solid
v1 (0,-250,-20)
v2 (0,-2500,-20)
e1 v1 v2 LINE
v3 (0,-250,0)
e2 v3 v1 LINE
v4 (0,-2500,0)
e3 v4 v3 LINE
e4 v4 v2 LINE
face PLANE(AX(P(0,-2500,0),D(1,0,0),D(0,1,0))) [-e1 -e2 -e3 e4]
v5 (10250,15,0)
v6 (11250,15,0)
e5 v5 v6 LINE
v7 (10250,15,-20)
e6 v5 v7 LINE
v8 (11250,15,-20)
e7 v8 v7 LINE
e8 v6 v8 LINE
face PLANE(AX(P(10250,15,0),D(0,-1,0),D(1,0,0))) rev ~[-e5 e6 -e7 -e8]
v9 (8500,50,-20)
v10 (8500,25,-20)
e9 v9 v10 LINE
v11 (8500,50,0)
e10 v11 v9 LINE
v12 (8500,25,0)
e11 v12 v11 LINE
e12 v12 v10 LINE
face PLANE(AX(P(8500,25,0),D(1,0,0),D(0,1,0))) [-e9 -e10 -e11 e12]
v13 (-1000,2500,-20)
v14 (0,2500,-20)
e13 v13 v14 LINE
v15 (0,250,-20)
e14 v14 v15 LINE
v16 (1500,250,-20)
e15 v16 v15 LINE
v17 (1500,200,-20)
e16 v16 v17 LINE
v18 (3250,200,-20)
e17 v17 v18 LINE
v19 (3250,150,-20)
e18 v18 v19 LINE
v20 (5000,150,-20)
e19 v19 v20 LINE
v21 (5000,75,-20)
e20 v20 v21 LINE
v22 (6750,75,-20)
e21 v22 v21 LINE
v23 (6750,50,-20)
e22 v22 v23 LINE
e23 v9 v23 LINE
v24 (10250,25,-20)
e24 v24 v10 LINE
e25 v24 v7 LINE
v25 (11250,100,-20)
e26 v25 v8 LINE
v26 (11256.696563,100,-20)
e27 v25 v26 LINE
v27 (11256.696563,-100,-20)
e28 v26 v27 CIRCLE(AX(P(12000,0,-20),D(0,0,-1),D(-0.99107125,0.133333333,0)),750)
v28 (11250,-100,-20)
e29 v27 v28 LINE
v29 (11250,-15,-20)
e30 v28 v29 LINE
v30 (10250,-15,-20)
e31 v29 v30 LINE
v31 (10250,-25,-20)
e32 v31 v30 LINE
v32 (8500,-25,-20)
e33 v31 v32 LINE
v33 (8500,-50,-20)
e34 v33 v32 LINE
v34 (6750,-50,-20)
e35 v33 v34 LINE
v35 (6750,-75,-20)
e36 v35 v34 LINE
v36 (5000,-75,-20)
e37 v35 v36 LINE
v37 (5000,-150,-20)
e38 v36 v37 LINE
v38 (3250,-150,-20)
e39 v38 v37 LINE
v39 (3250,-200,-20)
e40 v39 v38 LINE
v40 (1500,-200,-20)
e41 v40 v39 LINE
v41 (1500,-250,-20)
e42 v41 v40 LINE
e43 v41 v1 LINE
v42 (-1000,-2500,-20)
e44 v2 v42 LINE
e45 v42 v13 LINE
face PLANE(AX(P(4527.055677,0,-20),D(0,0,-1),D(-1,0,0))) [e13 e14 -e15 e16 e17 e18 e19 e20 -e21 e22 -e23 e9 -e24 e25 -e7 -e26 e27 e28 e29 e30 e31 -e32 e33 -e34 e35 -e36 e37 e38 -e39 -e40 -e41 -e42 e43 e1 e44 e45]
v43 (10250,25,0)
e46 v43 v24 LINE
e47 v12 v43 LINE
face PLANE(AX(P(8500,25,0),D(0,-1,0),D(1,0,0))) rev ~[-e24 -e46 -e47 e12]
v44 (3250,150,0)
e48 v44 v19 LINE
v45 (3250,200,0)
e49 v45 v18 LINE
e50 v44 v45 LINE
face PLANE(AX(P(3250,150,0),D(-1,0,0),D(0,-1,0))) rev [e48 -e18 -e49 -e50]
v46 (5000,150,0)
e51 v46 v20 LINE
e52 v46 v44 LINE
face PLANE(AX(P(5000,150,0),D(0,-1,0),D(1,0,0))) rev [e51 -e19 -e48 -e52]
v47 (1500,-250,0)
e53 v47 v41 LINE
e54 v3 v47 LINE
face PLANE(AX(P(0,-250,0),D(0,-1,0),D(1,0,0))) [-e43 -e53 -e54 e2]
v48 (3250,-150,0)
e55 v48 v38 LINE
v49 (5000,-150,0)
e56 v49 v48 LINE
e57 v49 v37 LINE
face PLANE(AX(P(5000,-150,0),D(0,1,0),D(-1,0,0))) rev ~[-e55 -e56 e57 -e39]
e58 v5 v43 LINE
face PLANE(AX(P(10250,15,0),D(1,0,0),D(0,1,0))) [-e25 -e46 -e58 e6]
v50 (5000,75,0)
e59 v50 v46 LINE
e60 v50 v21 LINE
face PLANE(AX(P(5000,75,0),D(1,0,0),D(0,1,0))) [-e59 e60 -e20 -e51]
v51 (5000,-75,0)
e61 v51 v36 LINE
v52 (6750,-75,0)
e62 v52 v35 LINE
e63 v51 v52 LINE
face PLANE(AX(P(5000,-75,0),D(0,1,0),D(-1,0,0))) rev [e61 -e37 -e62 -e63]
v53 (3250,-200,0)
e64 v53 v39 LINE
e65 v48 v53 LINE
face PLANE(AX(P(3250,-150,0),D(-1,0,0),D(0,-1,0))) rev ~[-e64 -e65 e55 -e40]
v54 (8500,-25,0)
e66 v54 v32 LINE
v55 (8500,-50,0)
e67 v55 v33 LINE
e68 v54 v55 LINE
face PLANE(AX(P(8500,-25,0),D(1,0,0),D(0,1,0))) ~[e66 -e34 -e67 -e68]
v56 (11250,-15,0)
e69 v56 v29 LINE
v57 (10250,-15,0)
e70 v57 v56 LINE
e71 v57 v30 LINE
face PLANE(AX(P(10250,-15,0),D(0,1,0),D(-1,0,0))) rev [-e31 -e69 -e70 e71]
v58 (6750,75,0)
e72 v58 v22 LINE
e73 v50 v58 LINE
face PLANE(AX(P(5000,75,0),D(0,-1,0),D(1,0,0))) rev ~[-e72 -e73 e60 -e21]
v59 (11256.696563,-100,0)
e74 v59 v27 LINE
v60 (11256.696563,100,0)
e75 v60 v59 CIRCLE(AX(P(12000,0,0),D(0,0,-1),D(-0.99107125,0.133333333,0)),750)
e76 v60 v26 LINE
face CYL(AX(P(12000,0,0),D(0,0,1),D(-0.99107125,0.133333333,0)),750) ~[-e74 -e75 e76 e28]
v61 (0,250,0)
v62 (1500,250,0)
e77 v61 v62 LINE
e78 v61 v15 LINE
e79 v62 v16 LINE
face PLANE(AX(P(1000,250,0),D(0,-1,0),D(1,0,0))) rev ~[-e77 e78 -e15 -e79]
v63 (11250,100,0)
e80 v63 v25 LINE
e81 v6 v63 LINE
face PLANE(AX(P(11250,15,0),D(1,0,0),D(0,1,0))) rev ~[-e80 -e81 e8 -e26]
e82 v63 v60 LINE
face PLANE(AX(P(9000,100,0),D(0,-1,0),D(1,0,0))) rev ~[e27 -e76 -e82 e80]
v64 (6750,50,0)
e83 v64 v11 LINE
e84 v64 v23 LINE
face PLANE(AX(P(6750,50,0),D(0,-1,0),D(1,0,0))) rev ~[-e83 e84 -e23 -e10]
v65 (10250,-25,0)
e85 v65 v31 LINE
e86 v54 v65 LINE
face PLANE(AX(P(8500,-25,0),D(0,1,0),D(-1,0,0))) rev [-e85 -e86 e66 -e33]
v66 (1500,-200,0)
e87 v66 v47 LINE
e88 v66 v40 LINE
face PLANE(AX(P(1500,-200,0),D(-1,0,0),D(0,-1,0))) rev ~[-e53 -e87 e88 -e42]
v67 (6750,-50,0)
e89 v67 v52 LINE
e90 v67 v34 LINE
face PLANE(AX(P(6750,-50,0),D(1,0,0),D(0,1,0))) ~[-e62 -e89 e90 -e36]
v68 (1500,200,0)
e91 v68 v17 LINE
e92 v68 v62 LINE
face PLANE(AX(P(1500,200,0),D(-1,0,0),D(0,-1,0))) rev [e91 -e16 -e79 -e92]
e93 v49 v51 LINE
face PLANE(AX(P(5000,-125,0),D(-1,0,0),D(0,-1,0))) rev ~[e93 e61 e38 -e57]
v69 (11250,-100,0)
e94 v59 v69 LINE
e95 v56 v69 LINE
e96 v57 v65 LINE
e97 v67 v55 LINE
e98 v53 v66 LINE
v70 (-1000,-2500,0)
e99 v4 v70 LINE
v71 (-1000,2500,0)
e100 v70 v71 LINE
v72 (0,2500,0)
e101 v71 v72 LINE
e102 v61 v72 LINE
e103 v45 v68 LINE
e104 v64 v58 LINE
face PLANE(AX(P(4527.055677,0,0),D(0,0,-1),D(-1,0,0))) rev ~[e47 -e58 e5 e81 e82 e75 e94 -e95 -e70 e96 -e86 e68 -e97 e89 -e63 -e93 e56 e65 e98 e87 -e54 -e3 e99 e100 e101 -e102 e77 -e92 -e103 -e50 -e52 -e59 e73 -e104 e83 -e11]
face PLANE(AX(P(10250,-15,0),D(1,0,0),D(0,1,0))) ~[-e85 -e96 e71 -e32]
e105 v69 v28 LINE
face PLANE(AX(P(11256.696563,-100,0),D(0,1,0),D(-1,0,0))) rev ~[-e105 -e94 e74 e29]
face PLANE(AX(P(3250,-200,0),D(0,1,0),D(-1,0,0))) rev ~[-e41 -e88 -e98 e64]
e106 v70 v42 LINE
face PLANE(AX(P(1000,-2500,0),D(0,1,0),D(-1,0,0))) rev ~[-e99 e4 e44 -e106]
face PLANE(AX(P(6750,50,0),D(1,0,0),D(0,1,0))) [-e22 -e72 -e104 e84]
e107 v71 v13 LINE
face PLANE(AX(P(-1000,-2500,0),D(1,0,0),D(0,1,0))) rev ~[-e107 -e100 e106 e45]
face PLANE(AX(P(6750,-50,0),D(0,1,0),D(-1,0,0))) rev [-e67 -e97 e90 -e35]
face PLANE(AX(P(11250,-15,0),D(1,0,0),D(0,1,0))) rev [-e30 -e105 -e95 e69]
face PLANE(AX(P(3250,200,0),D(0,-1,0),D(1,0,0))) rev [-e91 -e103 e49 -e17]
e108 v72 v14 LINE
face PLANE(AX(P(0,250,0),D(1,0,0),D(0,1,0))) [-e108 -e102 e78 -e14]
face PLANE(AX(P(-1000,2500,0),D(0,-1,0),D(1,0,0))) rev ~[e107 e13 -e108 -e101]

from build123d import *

# Parameters (mm, degrees)
BOSS_EXTRUDE1_DEPTH = 20
SKETCH2_W           = 1000
SKETCH2_H           = 2250
CUT_EXTRUDE1_DEPTH  = 12993.801853334
CUT_EXTRUDE4_DEPTH  = 12993.801853334
SKETCH4_W           = 1750
SKETCH4_H           = 50
CUT_EXTRUDE5_DEPTH  = 12993.801853334
SKETCH5_W           = 1750
SKETCH5_H           = 75
CUT_EXTRUDE6_DEPTH  = 12993.801853334
SKETCH6_W           = 1750
SKETCH6_H           = 100
CUT_EXTRUDE7_DEPTH  = 12993.801853334
SKETCH7_W           = 1000
SKETCH7_H           = 85
CUT_EXTRUDE8_DEPTH  = 12993.801853334


with BuildPart() as part:
    # Sketch1 → Boss-Extrude1 (new body)
    with BuildSketch(Plane.XY):
        with BuildLine():
            Line((1000, 250), (5000, 250))
            Line((5000, 250), (5000, 125))
            Line((5000, 125), (9000, 125))
            Line((9000, 125), (9000, 100))
            Line((9000, 100), (11256.696562634, 100))
            ThreePointArc((11256.696562634, 100), (12750, 0), (11256.696562634, -100))
            Line((11256.696562634, -100), (9000, -100))
            Line((9000, -100), (9000, -125))
            Line((9000, -125), (5000, -125))
            Line((5000, -125), (5000, -250))
            Line((5000, -250), (1000, -250))
            Line((1000, -250), (1000, -2500))
            Line((1000, -2500), (-1000, -2500))
            Line((-1000, -2500), (-1000, 2500))
            Line((-1000, 2500), (1000, 2500))
            Line((1000, 2500), (1000, 250))
        make_face()
    extrude(amount=-BOSS_EXTRUDE1_DEPTH)

    # Sketch2 → Cut-Extrude1 (cut, through all)
    with BuildSketch(Plane.XY):
        with Locations((500, 1375)):
            Rectangle(SKETCH2_W, SKETCH2_H)
        with Locations((500, -1375)):
            Rectangle(SKETCH2_W, SKETCH2_H)
    extrude(amount=-CUT_EXTRUDE1_DEPTH, mode=Mode.SUBTRACT)

    # Sketch3 → Cut-Extrude4 (cut, through all)
    with BuildSketch(Plane.XY):
        Polygon((1500, -250), (3250, -250), (5000, -250), (5000, -150), (3250, -150), (3250, -200), (1500, -200), align=None)
    cut_extrude4 = extrude(amount=-CUT_EXTRUDE4_DEPTH, mode=Mode.SUBTRACT)

    # Mirror1: Cut-Extrude4 across plane
    add(cut_extrude4.mirror(Plane.ZX), mode=Mode.SUBTRACT)

    # Sketch4 → Cut-Extrude5 (cut, through all)
    with BuildSketch(Plane.XY):
        with Locations((5875, 100)):
            Rectangle(SKETCH4_W, SKETCH4_H)
    cut_extrude5 = extrude(amount=-CUT_EXTRUDE5_DEPTH, mode=Mode.SUBTRACT)

    # Mirror2: Cut-Extrude5 across plane
    add(cut_extrude5.mirror(Plane.ZX), mode=Mode.SUBTRACT)

    # Sketch5 → Cut-Extrude6 (cut, through all)
    with BuildSketch(Plane.XY):
        with Locations((7625, 87.5)):
            Rectangle(SKETCH5_W, SKETCH5_H)
    cut_extrude6 = extrude(amount=-CUT_EXTRUDE6_DEPTH, mode=Mode.SUBTRACT)

    # Mirror3: Cut-Extrude6 across plane
    add(cut_extrude6.mirror(Plane.ZX), mode=Mode.SUBTRACT)

    # Sketch6 → Cut-Extrude7 (cut, through all)
    with BuildSketch(Plane.XY):
        with Locations((9375, 75)):
            Rectangle(SKETCH6_W, SKETCH6_H)
    cut_extrude7 = extrude(amount=-CUT_EXTRUDE7_DEPTH, mode=Mode.SUBTRACT)

    # Mirror4: Cut-Extrude7 across plane
    add(cut_extrude7.mirror(Plane.ZX), mode=Mode.SUBTRACT)

    # Sketch7 → Cut-Extrude8 (cut, through all)
    with BuildSketch(Plane.XY):
        with Locations((10750, 57.5)):
            Rectangle(SKETCH7_W, SKETCH7_H)
    cut_extrude8 = extrude(amount=-CUT_EXTRUDE8_DEPTH, mode=Mode.SUBTRACT)

    # Mirror5: Cut-Extrude8 across plane
    add(cut_extrude8.mirror(Plane.ZX), mode=Mode.SUBTRACT)


solid = part.part
